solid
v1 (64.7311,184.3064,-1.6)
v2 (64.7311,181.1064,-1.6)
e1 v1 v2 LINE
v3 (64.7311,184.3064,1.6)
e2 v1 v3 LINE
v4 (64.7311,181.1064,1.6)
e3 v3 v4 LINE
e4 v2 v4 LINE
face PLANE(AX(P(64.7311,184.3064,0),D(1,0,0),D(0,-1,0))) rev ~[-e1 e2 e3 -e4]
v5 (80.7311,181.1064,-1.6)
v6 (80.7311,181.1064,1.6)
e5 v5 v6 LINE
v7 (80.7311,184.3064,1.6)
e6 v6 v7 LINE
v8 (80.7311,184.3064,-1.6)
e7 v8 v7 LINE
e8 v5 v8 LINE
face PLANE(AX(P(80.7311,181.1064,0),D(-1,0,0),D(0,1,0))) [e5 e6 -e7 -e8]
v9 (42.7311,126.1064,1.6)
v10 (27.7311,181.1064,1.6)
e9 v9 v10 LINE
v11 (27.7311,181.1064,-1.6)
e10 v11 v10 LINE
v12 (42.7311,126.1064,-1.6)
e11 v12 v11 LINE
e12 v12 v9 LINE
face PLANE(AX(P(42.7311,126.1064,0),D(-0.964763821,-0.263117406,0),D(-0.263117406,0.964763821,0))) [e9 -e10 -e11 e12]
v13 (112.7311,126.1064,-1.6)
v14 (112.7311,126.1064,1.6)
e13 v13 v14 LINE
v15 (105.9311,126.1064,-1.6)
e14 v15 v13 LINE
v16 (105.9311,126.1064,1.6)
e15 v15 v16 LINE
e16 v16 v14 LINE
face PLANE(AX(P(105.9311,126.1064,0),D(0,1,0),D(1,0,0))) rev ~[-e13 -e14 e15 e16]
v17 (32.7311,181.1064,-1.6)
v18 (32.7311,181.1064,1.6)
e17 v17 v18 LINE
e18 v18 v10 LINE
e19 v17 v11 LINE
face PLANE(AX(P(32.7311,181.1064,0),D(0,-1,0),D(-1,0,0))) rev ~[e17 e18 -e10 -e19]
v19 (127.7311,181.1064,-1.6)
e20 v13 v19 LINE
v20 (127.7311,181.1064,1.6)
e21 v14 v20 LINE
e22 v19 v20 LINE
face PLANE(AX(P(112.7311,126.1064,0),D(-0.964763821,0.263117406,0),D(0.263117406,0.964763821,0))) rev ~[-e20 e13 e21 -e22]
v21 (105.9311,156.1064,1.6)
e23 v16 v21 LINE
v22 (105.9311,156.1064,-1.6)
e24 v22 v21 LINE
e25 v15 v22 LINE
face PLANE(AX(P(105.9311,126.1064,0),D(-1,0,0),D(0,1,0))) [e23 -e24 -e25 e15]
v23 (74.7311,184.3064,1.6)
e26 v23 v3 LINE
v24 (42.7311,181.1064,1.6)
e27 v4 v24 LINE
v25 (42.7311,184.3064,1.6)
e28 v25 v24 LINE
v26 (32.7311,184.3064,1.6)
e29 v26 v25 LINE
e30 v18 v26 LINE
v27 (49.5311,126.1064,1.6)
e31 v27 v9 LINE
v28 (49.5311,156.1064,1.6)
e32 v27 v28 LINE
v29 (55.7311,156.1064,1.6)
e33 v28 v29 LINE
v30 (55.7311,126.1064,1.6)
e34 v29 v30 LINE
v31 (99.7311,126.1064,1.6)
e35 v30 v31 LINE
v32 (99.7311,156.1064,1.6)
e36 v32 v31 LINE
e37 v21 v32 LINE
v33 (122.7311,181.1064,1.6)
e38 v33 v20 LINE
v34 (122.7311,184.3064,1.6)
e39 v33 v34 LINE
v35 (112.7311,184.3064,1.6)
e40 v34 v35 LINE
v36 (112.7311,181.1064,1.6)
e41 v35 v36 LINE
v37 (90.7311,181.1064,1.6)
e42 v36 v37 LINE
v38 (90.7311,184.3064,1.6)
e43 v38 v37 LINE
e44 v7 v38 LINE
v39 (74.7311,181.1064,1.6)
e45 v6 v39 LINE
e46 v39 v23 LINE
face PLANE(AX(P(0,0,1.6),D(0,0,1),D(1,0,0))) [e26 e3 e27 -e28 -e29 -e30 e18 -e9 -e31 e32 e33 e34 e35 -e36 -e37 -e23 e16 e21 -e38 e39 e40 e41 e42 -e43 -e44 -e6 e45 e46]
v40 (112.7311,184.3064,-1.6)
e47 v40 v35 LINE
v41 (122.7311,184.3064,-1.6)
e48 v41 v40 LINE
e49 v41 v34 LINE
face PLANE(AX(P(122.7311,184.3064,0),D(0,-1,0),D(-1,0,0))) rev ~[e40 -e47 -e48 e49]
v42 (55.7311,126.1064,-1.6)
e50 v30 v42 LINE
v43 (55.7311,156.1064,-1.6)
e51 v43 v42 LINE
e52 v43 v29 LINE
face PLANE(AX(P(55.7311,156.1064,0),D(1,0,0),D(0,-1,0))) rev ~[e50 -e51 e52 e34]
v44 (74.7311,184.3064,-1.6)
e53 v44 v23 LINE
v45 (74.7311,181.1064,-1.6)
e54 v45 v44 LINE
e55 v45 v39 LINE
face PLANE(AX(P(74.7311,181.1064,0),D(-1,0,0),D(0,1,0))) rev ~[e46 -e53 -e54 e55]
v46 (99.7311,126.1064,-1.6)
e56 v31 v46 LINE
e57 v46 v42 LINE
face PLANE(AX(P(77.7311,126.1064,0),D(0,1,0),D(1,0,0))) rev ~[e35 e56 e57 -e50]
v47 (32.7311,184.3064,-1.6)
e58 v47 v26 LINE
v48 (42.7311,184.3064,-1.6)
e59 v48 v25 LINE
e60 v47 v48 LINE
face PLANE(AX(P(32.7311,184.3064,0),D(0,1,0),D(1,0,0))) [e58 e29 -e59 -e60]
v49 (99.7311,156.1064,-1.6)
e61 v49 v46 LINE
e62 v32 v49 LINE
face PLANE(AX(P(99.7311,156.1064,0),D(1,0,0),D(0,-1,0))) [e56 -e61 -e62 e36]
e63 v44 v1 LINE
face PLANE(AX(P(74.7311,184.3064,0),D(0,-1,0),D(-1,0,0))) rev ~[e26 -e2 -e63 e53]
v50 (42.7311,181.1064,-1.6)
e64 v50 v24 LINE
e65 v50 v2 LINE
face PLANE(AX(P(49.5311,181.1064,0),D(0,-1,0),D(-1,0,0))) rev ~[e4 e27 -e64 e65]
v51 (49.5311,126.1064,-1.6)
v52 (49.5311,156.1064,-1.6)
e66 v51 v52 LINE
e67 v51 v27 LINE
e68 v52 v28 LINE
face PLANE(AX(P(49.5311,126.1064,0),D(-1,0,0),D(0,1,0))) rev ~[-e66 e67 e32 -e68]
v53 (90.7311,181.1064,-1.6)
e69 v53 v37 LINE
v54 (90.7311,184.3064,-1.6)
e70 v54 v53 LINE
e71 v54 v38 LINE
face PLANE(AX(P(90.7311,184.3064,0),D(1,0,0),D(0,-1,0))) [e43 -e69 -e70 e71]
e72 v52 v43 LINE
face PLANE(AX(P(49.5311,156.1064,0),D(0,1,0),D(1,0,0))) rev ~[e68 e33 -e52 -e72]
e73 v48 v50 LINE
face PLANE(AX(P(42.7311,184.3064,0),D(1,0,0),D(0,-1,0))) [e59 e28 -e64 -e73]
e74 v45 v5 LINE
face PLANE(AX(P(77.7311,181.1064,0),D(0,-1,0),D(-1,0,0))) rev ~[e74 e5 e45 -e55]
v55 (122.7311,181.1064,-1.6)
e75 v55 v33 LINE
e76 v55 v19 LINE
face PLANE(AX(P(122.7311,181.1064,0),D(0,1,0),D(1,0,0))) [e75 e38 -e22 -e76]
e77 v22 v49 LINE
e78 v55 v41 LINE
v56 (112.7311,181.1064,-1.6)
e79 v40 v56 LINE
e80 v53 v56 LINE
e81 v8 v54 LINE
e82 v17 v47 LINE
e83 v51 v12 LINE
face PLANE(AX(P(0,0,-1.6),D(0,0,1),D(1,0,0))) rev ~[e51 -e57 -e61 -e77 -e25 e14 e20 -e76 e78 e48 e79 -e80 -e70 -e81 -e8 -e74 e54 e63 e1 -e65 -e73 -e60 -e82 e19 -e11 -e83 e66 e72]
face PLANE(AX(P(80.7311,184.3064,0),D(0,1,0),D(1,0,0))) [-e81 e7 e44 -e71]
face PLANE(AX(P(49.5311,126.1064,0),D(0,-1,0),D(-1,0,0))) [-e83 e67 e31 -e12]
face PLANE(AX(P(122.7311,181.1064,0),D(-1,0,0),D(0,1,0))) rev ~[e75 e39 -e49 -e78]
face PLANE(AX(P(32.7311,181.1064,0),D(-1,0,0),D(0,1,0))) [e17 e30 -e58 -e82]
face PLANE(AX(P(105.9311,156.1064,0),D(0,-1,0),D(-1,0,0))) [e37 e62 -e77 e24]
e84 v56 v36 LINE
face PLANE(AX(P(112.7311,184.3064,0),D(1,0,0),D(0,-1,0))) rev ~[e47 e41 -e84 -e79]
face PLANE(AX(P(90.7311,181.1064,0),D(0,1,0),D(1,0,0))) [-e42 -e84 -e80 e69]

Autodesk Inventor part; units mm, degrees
ref_plane "YZ Plane" through (0, 0, 0) normal (1, 0, 0) x (0, 1, 0)
ref_plane "XZ Plane" through (0, 0, 0) normal (0, 1, 0) x (-1, 0, 0)
ref_plane "XY Plane" through (0, 0, 0) normal (0, 0, 1) x (1, 0, 0)
sketch "Sketch1" plane through (0, 0, 0) normal (0, 0, 1) x (1, 0, 0)
  line L0 (49.5311, 184.3064) -> (52.7311, 184.3064) projected
  line L1 (105.9311, 184.3064) -> (102.7311, 184.3064) projected
  line L2 (105.9311, 181.1064) -> (102.7311, 181.1064) projected
  line L3 (49.5311, 181.1064) -> (52.7311, 181.1064) projected
  line L4 (77.7311, 181.1064) -> (77.7311, 126.1064) construction
  line L5 (77.7311, 126.1064) -> (112.7311, 126.1064)
  line L6 (77.7311, 181.1064) -> (127.7311, 181.1064)
  line L7 (112.7311, 126.1064) -> (127.7311, 181.1064)
  line L8 (105.9311, 126.1064) -> (105.9311, 156.1064)
  line L9 (105.9311, 156.1064) -> (99.7311, 156.1064)
  line L10 (99.7311, 156.1064) -> (99.7311, 126.1064)
  line L11 (105.9311, 181.1064) -> (105.9311, 45.0595) projected
  line L12 (77.7311, 126.1064) -> (42.7311, 126.1064)
  line L13 (77.7311, 181.1064) -> (27.7311, 181.1064)
  line L14 (42.7311, 126.1064) -> (27.7311, 181.1064)
  line L15 (49.5311, 126.1064) -> (49.5311, 156.1064)
  line L16 (49.5311, 156.1064) -> (55.7311, 156.1064)
  line L17 (55.7311, 156.1064) -> (55.7311, 126.1064)
  line L18 (80.7311, 181.1064) -> (80.7311, 184.3064)
  line L19 (80.7311, 184.3064) -> (90.7311, 184.3064)
  line L20 (90.7311, 184.3064) -> (90.7311, 181.1064)
  line L21 (74.7311, 181.1064) -> (74.7311, 184.3064)
  line L22 (74.7311, 184.3064) -> (64.7311, 184.3064)
  line L23 (64.7311, 184.3064) -> (64.7311, 181.1064)
  line L24 (52.6311, 156.1064) -> (52.6311, 169.2307) construction
  line L25 (32.7311, 181.1064) -> (32.7311, 184.3064)
  line L26 (32.7311, 184.3064) -> (42.7311, 184.3064)
  line L27 (42.7311, 184.3064) -> (42.7311, 181.1064)
  line L28 (122.7311, 181.1064) -> (122.7311, 184.3064)
  line L29 (122.7311, 184.3064) -> (112.7311, 184.3064)
  line L30 (112.7311, 184.3064) -> (112.7311, 181.1064)
  point P0 (0, 0)
  dimension "d0" = 55
  dimension "d1" = 35
  dimension "d2" = 50
  dimension "d3" = 25
  dimension "d4" = 30
  dimension "d5" = 6.2
  dimension "d6" = 3.2
  dimension "d7" = 10
  dimension "d8" = 3
  dimension "d11" = 3.2
  dimension "d12" = 10
  dimension "d13" = 5
extrude "Extrusion1" add sketch "Sketch1" along normal mid plane 3.2 contours L11 L9 L10 L5 L12 L17 L16 L15 L14 L13 L3 L6 L2 | L6 L7 L5 L8 L11 | L30 L29 L28 L6 | L6 L18 L19 L20 | L13 L23 L22 L21 | L13 L25 L26 L27
properties part number "Base_Soporte"
